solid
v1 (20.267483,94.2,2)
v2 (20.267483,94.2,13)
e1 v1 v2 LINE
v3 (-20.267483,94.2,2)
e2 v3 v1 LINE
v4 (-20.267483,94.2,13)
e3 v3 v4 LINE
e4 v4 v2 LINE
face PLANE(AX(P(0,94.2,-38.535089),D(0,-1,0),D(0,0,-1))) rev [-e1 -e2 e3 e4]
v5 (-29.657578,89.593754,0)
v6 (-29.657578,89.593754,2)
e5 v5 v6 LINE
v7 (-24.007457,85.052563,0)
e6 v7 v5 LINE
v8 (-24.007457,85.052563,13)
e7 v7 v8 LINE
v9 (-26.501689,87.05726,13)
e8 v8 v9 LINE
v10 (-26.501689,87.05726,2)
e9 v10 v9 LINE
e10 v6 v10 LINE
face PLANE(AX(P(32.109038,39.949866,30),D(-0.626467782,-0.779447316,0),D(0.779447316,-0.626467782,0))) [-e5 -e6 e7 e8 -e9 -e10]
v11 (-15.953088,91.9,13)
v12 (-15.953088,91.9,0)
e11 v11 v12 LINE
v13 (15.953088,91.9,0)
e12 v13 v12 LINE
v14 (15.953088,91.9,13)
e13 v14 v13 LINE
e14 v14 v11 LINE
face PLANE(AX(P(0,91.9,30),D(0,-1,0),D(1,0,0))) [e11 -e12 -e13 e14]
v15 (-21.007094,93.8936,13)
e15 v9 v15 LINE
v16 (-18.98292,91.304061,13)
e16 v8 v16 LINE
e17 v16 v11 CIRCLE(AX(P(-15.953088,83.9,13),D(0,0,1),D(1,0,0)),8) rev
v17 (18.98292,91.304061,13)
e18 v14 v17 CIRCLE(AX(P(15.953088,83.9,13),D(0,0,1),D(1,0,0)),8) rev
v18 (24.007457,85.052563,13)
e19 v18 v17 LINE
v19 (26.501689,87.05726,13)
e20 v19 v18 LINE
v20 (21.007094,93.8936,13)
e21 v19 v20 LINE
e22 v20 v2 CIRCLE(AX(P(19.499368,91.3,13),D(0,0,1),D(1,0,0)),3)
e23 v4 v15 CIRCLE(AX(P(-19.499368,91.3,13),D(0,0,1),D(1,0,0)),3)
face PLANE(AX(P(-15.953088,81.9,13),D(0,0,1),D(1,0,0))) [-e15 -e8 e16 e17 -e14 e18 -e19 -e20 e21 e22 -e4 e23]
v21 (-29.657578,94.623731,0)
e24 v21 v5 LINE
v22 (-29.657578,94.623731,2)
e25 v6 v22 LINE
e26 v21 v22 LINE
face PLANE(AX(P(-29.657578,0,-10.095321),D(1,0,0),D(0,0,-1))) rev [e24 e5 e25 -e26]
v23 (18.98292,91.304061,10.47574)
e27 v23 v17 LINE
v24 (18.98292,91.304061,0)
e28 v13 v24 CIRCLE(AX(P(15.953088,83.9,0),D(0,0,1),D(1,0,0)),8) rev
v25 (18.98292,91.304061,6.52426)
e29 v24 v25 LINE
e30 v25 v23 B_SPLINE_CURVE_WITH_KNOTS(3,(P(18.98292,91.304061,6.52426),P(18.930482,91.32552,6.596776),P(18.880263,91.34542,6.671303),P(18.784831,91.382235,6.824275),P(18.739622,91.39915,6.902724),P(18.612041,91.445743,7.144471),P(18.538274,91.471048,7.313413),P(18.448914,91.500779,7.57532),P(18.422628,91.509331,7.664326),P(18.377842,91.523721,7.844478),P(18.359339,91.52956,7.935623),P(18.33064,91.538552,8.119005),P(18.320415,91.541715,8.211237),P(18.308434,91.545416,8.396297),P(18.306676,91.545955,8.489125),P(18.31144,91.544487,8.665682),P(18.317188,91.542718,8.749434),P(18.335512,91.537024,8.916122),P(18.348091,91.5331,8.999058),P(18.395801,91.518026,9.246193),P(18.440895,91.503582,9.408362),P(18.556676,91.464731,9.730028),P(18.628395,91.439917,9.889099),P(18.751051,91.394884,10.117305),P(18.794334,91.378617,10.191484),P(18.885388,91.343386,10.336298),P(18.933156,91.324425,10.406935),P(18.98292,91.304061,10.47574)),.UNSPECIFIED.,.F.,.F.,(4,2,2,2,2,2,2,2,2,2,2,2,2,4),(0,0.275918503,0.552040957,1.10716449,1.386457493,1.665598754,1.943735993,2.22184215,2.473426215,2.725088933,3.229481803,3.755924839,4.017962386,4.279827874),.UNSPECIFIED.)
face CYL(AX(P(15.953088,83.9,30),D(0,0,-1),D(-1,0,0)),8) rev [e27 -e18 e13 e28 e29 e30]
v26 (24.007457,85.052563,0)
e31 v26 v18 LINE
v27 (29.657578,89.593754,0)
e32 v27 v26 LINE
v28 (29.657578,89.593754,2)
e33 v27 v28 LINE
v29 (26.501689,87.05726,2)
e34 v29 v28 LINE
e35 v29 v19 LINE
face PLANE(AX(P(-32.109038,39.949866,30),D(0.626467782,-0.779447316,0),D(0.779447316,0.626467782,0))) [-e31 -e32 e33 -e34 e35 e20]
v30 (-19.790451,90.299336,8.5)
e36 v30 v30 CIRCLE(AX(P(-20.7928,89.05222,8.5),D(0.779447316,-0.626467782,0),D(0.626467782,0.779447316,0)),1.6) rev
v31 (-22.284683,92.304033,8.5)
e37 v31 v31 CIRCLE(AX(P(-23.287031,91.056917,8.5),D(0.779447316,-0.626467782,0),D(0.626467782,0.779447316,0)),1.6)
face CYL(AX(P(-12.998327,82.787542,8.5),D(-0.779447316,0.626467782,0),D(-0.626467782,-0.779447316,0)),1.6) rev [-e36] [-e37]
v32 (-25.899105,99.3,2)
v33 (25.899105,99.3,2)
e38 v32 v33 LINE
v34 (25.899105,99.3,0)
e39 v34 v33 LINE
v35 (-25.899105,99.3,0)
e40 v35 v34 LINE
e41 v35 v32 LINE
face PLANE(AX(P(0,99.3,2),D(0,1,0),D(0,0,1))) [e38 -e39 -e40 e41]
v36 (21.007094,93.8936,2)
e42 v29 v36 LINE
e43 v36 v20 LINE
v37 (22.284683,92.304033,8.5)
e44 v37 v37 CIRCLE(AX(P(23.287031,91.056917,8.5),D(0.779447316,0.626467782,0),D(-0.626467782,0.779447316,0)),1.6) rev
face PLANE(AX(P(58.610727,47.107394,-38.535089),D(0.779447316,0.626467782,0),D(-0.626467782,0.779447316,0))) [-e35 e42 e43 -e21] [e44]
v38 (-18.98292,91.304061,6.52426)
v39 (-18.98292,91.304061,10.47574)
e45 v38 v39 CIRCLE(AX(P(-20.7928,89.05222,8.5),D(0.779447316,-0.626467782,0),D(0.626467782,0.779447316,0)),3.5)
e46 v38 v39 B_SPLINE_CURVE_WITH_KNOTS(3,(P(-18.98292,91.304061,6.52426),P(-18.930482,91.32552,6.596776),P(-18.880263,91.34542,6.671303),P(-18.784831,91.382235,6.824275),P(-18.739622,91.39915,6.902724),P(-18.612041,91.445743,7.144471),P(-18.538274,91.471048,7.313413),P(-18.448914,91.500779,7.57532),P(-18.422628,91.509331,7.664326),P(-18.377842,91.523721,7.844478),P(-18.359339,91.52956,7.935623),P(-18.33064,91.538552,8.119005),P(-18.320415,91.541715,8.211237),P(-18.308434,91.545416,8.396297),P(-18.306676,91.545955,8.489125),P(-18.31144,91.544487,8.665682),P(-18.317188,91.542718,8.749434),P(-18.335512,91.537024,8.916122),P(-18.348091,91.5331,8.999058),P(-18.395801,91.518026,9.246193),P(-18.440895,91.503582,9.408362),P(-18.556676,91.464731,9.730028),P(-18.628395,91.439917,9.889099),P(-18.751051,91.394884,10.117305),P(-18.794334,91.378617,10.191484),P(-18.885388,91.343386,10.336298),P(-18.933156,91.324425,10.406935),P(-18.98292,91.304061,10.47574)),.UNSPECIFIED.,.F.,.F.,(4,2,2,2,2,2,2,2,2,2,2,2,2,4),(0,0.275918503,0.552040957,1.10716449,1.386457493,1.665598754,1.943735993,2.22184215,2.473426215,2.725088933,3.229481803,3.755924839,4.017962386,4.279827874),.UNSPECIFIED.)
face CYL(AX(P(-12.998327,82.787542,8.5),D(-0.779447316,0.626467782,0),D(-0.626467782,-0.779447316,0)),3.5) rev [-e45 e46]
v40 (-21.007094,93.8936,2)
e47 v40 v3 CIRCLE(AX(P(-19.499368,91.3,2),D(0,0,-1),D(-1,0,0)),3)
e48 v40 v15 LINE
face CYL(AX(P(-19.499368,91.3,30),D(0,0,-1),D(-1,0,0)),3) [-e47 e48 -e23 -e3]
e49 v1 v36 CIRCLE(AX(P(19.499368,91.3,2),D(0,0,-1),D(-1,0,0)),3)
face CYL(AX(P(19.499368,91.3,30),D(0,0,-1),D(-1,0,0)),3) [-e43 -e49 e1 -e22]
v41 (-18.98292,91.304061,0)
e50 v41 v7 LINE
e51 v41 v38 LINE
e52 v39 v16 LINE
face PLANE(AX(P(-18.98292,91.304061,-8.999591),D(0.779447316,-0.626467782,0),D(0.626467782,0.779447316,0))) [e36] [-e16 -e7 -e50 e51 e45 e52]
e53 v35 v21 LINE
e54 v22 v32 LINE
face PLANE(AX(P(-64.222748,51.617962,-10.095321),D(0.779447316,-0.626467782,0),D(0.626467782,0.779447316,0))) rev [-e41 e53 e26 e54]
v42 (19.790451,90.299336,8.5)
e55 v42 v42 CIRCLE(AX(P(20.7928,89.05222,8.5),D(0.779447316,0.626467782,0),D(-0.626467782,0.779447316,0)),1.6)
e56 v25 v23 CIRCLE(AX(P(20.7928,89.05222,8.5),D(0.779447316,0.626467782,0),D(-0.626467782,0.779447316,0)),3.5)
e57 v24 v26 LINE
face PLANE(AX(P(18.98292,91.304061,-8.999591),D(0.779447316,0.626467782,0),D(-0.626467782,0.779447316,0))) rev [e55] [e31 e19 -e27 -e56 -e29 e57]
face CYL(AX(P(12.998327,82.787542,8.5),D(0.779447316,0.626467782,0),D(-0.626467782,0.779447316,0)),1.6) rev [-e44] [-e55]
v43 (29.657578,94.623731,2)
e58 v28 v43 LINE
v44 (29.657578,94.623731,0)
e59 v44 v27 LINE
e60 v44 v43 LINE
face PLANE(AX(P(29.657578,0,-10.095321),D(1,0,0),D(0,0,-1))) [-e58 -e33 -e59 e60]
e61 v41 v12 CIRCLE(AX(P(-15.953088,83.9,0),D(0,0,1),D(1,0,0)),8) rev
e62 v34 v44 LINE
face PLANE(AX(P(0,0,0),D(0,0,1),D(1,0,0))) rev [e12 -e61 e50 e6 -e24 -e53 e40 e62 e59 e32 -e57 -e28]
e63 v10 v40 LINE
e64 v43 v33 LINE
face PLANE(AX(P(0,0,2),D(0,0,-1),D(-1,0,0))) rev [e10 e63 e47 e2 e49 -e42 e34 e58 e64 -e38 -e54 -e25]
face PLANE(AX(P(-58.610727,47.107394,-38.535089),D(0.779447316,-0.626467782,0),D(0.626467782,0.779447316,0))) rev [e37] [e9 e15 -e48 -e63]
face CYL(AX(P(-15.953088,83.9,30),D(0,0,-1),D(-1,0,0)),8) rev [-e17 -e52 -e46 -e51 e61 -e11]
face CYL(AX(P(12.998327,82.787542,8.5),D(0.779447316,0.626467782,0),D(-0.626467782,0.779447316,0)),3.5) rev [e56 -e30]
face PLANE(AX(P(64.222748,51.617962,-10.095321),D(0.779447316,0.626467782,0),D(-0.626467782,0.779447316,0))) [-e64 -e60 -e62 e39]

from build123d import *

# Parameters (mm, degrees)
EXTRUDE_5_DEPTH          = 30
EXTRUDE_6_DEPTH          = 2
CUT_EXTRUDE_7_DEPTH      = 10
CUT_EXTRUDE_7_DEPTH_BACK = 10
EXTRUDE_8_DEPTH          = 13
SKETCH_14_R              = 1.6
CUT_EXTRUDE_8_DEPTH      = 10
SKETCH_21_R              = 3.5
CUT_EXTRUDE_10_DEPTH     = 10
FILLET_3_R               = 3
CUT_EXTRUDE_9_DEPTH      = 11
EXTRUDE_7_DEPTH          = 2


with BuildPart() as part:
    # 草图1<3> → 凸台-拉伸5 (new body)
    with BuildSketch(Plane.XY):
        with BuildLine():
            Line((-20.937049459, 94.3), (-26.657578158, 87.182553786))
            Line((-26.657578158, 87.182553786), (-24.786904599, 85.67903111))
            Line((-24.786904599, 85.67903111), (-22.188666929, 88.911742253))
            ThreePointArc((-22.188666929, 88.911742253), (-19.410403975, 91.114358531), (-15.9530884, 91.9))
            Line((-15.9530884, 91.9), (15.9530884, 91.9))
            ThreePointArc((15.9530884, 91.9), (19.410403975, 91.114358531), (22.188666929, 88.911742253))
            Line((22.188666929, 88.911742253), (24.786904599, 85.67903111))
            Line((24.786904599, 85.67903111), (26.657578158, 87.182553786))
            Line((26.657578158, 87.182553786), (20.937049459, 94.3))
            Line((20.937049459, 94.3), (-20.937049459, 94.3))
        make_face()
    extrude(amount=EXTRUDE_5_DEPTH)

    # 草图12 → 凸台-拉伸6 (add)
    with BuildSketch(Plane(origin=(0, 0, 0), x_dir=(-1, 0, 0), z_dir=(0, 0, -1))):
        Polygon((20.937049459, 94.3), (26.657578158, 87.182553786), (26.657578158, 95.163810199), (23.333184583, 99.3), (-23.333184583, 99.3), (-26.657578158, 95.163810199), (-26.657578158, 87.182553786), (-20.937049459, 94.3), align=None)
    extrude(amount=-EXTRUDE_6_DEPTH)

    # 草图13 → 切除-拉伸7 (cut, two sides: drawn at the far end of the back side and taken through both)
    with BuildSketch(Plane.XZ.offset(-91.9).offset(-CUT_EXTRUDE_7_DEPTH_BACK)):
        Polygon((-15.9530884, 13), (15.9530884, 13), (26.657578158, 13), (26.657578158, 30), (-26.657578158, 30), (-26.657578158, 13), align=None)
    extrude(amount=CUT_EXTRUDE_7_DEPTH + CUT_EXTRUDE_7_DEPTH_BACK, mode=Mode.SUBTRACT)

    # 草图20 → 凸台-拉伸8 (add)
    with BuildSketch(Plane.XY.offset(13)):
        Polygon((-24.786904599, 85.67903111), (-19.762367643, 91.930528728), (-18.982920327, 91.304060946), (-24.007457283, 85.052563329), align=None)
    extrude_8 = extrude(amount=-EXTRUDE_8_DEPTH)

    # 草图14 → 切除-拉伸8 (cut, symmetric)
    with BuildSketch(Plane(origin=(-56.116495667, 45.102697556, 0), x_dir=(0, 0, -1), z_dir=(0.7794473160570586, -0.6264677816866944, 0))):
        with Locations(Location((-8.5, 56.385494975, 0), (0, 0, 90))):
            Circle(SKETCH_14_R)
    cut_extrude_8 = extrude(amount=CUT_EXTRUDE_8_DEPTH, both=True, mode=Mode.SUBTRACT)

    # 草图21 → 切除-拉伸10 (cut)
    with BuildSketch(Plane(origin=(-56.116495667, 45.102697556, 0), x_dir=(0, 0, -1), z_dir=(0.7794473160570586, -0.6264677816866944, 0))):
        with Locations((-8.5, 56.385494975)):
            Circle(SKETCH_21_R)
    cut_extrude_10 = extrude(amount=CUT_EXTRUDE_10_DEPTH, mode=Mode.SUBTRACT)

    # 镜向2: 凸台-拉伸8, 切除-拉伸8, 切除-拉伸10 across plane
    add(extrude_8.mirror(Plane(origin=(0, 0, 0), x_dir=(0, 0, 1), z_dir=(1, 0, 0))))
    add(cut_extrude_8.mirror(Plane(origin=(0, 0, 0), x_dir=(0, 0, 1), z_dir=(1, 0, 0))), mode=Mode.SUBTRACT)
    add(cut_extrude_10.mirror(Plane(origin=(0, 0, 0), x_dir=(0, 0, 1), z_dir=(1, 0, 0))), mode=Mode.SUBTRACT)

    # 圆角3
    fillet_3_edges = [part.edges().sort_by_distance(p)[0] for p in [
        (-20.937049459, 94.3, 7.5),
        (20.937049459, 94.3, 7.5),
    ]]
    fillet(fillet_3_edges, radius=FILLET_3_R)

    # 草图15 → 切除-拉伸9 (cut)
    with BuildSketch(Plane.XY.offset(13)):
        with BuildLine():
            ThreePointArc((21.837710333, 93.179403345), (21.455277133, 93.574735362), (21.007094419, 93.89360024))
            Line((21.007094419, 93.89360024), (26.501688695, 87.05726023))
            Line((26.501688695, 87.05726023), (26.657578158, 87.182553786))
            Line((26.657578158, 87.182553786), (21.837710333, 93.179403345))
        make_face()
        with BuildLine():
            Line((-26.657578158, 87.182553786), (-26.501688695, 87.05726023))
            Line((-26.501688695, 87.05726023), (-21.007094419, 93.89360024))
            ThreePointArc((-21.007094419, 93.89360024), (-21.455277133, 93.574735362), (-21.837710333, 93.179403345))
            Line((-21.837710333, 93.179403345), (-26.657578158, 87.182553786))
        make_face()
        with BuildLine():
            ThreePointArc((-19.499368384, 94.3), (-19.886666719, 94.274894956), (-20.267482959, 94.2))
            Line((-20.267482959, 94.2), (20.267482959, 94.2))
            ThreePointArc((20.267482959, 94.2), (19.886666719, 94.274894956), (19.499368384, 94.3))
            Line((19.499368384, 94.3), (-19.499368384, 94.3))
        make_face()
    extrude(amount=-CUT_EXTRUDE_9_DEPTH, mode=Mode.SUBTRACT)

    # 草图17 → 凸台-拉伸7 (add)
    with BuildSketch(Plane.XY.offset(2)):
        Polygon((-29.657578158, 89.593753756), (-26.657578158, 87.182553786), (-26.657578158, 95.163810199), (-23.333184583, 99.3), (-25.89910528, 99.3), (-29.657578158, 94.62373143), align=None)
        Polygon((23.333184583, 99.3), (26.657578158, 95.163810199), (26.657578158, 87.182553786), (29.657578158, 89.593753756), (29.657578158, 94.62373143), (25.89910528, 99.3), align=None)
    extrude(amount=-EXTRUDE_7_DEPTH)


solid = part.part
